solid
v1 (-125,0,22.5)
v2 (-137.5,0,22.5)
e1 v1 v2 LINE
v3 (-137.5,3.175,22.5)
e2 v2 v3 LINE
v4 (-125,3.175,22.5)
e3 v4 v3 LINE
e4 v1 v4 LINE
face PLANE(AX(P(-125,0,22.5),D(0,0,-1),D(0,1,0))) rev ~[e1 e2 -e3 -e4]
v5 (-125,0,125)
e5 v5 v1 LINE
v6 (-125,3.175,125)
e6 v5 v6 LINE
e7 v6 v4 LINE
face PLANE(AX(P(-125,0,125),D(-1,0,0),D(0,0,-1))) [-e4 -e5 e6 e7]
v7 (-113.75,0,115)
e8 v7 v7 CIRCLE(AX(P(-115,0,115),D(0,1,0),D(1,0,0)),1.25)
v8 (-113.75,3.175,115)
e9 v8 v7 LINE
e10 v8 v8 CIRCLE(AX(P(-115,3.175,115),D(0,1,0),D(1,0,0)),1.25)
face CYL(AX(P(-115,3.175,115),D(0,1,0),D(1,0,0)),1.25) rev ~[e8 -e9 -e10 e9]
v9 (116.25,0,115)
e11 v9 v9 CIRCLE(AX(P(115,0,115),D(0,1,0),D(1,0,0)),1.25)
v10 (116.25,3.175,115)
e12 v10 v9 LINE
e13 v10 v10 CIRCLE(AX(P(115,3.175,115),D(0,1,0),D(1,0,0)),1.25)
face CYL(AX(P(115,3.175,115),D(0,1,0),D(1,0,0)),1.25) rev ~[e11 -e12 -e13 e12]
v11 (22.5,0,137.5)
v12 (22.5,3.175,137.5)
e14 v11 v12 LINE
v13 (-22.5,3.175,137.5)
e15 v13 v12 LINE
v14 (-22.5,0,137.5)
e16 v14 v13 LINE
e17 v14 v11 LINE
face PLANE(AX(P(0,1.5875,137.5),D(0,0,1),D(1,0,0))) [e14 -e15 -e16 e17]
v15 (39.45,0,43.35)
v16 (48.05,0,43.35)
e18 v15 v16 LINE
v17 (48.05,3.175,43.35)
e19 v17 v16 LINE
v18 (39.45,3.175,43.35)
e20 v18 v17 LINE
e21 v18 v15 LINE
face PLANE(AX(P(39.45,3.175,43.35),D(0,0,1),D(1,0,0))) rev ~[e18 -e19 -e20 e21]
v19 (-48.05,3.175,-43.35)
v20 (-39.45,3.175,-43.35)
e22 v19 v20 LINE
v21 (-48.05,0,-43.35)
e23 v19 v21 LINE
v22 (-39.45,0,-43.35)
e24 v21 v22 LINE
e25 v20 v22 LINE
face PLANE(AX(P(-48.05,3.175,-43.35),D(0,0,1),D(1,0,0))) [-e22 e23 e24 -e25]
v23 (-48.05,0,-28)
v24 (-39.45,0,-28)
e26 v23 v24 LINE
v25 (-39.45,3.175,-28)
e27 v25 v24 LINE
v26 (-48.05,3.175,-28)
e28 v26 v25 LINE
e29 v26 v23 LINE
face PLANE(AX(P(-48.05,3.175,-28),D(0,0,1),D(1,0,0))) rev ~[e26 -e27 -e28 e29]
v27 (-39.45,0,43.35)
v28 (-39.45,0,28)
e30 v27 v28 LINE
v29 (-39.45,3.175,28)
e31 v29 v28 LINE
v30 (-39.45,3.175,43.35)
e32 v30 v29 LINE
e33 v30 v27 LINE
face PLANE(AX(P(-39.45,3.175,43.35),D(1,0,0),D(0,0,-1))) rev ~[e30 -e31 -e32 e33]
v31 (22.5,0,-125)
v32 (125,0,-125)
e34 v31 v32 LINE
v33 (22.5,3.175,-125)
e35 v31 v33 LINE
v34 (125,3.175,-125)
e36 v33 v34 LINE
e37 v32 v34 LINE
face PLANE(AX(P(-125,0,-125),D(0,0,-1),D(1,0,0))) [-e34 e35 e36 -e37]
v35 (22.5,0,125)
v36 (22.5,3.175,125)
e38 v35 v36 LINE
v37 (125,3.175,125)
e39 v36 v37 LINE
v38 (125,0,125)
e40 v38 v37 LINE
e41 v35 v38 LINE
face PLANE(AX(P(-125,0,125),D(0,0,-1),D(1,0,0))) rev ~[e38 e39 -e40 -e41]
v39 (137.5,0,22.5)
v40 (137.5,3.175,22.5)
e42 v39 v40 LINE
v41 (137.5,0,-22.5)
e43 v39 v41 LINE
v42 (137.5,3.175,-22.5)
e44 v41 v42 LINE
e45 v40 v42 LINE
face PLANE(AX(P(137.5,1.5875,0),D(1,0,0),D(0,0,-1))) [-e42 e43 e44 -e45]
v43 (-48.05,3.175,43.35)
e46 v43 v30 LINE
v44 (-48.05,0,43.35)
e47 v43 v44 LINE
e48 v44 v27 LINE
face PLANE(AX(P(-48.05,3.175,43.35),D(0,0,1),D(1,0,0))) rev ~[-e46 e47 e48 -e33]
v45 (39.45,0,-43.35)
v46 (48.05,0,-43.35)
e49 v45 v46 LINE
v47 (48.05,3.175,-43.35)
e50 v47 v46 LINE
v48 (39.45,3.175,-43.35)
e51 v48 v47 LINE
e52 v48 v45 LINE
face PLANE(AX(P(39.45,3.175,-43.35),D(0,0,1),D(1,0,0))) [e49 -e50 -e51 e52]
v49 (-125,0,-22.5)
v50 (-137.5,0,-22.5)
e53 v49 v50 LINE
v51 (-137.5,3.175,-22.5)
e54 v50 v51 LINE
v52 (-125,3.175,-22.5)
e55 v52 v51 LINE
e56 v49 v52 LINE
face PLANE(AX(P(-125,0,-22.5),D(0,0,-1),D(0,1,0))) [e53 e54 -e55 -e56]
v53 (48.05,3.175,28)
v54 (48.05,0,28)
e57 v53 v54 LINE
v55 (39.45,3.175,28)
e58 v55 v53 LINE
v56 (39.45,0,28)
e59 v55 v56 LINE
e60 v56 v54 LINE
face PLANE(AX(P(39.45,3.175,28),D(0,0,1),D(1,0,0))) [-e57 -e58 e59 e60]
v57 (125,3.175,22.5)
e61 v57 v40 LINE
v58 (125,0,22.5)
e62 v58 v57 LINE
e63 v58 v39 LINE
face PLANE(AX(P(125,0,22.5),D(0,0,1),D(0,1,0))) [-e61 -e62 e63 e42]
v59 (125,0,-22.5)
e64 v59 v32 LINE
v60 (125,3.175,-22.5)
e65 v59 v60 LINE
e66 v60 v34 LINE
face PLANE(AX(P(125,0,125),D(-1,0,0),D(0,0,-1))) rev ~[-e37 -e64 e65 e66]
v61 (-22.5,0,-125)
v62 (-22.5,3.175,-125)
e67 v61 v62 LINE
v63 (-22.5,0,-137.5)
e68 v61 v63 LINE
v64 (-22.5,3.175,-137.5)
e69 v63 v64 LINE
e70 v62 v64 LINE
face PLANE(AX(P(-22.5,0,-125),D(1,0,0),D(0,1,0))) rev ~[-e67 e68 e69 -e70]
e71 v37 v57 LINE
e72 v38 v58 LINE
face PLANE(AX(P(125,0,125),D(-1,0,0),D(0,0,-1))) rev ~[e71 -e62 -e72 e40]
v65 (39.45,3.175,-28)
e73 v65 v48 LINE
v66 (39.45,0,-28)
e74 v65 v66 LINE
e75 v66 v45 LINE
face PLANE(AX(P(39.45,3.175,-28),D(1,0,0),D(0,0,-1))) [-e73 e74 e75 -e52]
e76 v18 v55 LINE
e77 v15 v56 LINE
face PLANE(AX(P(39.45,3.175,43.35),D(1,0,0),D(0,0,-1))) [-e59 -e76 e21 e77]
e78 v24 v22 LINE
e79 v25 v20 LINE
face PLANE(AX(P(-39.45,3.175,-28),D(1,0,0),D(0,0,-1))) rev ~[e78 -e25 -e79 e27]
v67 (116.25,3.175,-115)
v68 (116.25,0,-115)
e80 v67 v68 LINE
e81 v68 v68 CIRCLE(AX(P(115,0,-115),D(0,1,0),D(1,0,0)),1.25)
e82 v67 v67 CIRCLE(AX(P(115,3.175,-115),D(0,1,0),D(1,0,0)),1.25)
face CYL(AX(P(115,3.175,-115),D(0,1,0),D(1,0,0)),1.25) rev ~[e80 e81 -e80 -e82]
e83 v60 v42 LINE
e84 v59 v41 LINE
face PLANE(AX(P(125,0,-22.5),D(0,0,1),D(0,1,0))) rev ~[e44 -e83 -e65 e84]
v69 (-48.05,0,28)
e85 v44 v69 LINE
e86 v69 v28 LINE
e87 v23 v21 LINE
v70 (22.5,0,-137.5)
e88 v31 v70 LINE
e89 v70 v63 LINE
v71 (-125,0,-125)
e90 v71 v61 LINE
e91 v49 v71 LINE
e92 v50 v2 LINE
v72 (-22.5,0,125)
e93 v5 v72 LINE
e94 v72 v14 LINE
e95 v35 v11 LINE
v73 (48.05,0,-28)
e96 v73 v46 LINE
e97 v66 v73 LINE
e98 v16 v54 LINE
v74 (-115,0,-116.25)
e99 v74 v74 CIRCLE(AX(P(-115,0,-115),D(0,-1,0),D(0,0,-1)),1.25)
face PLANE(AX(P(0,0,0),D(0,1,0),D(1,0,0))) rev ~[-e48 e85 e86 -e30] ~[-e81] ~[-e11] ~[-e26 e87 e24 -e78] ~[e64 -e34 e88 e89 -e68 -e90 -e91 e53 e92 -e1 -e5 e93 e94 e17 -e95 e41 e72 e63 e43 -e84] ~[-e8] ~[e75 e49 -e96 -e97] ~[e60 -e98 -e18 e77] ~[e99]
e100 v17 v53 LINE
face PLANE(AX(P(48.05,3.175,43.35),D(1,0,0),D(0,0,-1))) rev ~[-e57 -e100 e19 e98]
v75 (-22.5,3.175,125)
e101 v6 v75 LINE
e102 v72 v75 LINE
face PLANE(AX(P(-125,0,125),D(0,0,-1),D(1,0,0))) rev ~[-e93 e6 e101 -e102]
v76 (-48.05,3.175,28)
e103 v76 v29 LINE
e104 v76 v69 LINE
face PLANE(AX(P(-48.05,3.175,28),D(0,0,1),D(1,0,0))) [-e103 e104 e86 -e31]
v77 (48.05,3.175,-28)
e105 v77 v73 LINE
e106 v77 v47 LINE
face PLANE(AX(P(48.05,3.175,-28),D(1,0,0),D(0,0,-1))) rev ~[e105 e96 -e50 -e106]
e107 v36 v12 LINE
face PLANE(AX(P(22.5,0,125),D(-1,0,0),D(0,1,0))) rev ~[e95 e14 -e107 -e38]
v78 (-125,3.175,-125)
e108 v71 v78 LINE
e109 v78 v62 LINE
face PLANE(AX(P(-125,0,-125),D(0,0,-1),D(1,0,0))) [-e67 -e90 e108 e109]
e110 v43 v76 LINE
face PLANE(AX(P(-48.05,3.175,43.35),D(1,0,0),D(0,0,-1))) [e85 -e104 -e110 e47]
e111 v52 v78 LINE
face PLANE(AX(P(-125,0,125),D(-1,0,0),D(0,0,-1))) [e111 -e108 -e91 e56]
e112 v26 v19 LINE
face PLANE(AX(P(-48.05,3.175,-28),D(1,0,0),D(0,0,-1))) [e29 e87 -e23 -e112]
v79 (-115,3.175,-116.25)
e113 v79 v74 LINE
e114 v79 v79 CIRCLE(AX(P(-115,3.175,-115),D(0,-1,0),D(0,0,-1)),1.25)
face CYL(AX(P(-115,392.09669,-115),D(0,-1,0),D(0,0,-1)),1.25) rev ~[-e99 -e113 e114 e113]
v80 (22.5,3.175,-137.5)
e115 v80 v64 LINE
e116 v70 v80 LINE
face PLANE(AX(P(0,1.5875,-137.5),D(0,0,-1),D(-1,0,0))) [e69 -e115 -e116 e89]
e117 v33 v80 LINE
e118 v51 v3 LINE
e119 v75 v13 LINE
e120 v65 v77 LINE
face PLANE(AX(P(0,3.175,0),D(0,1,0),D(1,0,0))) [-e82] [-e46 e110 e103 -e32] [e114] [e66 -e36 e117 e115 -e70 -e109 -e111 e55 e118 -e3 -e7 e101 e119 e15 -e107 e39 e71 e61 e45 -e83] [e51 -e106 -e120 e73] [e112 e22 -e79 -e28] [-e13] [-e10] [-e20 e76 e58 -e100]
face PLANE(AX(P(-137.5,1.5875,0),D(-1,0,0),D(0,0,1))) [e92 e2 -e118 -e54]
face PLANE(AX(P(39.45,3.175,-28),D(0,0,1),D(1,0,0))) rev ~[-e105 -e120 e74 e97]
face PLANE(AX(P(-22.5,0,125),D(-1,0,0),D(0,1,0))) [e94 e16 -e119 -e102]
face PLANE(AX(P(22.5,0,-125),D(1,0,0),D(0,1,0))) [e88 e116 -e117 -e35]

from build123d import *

# Parameters (mm, degrees)
SKETCH2_W           = 250
SKETCH2_H           = 250
BOSS_EXTRUDE1_DEPTH = 3.175
SKETCH3_W           = 8.6
SKETCH3_H           = 15.35
CUT_EXTRUDE1_DEPTH  = 10
SKETCH10_W          = 45
SKETCH10_H          = 3.175
BOSS_EXTRUDE2_DEPTH = 12.5
SKETCH11_W          = 45
SKETCH11_H          = 3.175
BOSS_EXTRUDE3_DEPTH = 12.5
SKETCH13_W          = 45
SKETCH13_H          = 3.175
BOSS_EXTRUDE4_DEPTH = 12.5
SKETCH14_W          = 45
SKETCH14_H          = 3.175
BOSS_EXTRUDE5_DEPTH = 12.5
M3_TAPPED_HOLE1_D   = 2.5
SKETCH21_R          = 1.25
CUT_EXTRUDE2_DEPTH  = 10


with BuildPart() as part:
    # Sketch2 → Boss-Extrude1 (new body)
    with BuildSketch(Plane(origin=(0, 0, 0), x_dir=(1, 0, 0), z_dir=(0, 1, 0))):
        Rectangle(SKETCH2_W, SKETCH2_H)
    extrude(amount=BOSS_EXTRUDE1_DEPTH)

    # Sketch3 → Cut-Extrude1 (cut)
    with BuildSketch(Plane(origin=(0, 3.175, 0), x_dir=(1, 0, 0), z_dir=(0, 1, 0))):
        with Locations((-43.75, 35.675)):
            Rectangle(SKETCH3_W, SKETCH3_H)
        with Locations((-43.75, -35.675)):
            Rectangle(SKETCH3_W, SKETCH3_H)
        with Locations((43.75, -35.675)):
            Rectangle(SKETCH3_W, SKETCH3_H)
        with Locations((43.75, 35.675)):
            Rectangle(SKETCH3_W, SKETCH3_H)
    extrude(amount=-CUT_EXTRUDE1_DEPTH, mode=Mode.SUBTRACT)

    # Sketch10 → Boss-Extrude2 (add)
    with BuildSketch(Plane(origin=(0, 0, -125), x_dir=(-1, 0, 0), z_dir=(0, 0, -1))):
        with Locations((0, 1.5875)):
            Rectangle(SKETCH10_W, SKETCH10_H)
    extrude(amount=BOSS_EXTRUDE2_DEPTH)

    # Sketch11 → Boss-Extrude3 (add)
    with BuildSketch(Plane.ZY.offset(125)):
        with Locations((0, 1.5875)):
            Rectangle(SKETCH11_W, SKETCH11_H)
    extrude(amount=BOSS_EXTRUDE3_DEPTH)

    # Sketch13 → Boss-Extrude4 (add)
    with BuildSketch(Plane.XY.offset(125)):
        with Locations((0, 1.5875)):
            Rectangle(SKETCH13_W, SKETCH13_H)
    extrude(amount=BOSS_EXTRUDE4_DEPTH)

    # Sketch14 → Boss-Extrude5 (add)
    with BuildSketch(Plane(origin=(125, 0, 0), x_dir=(0, 0, -1), z_dir=(1, 0, 0))):
        with Locations((0, 1.5875)):
            Rectangle(SKETCH14_W, SKETCH14_H)
    extrude(amount=BOSS_EXTRUDE5_DEPTH)

    # M3 Tapped Hole1 (through all)
    with Locations(Plane(origin=(-115, 3.175, -115), x_dir=(0, 0, 1), z_dir=(0, 1, 0))):
        with Locations((0, 0)):
            Hole(M3_TAPPED_HOLE1_D / 2)

    # Sketch21 → Cut-Extrude2 (cut)
    with BuildSketch(Plane(origin=(0, 3.175, 0), x_dir=(1, 0, 0), z_dir=(0, 1, 0))):
        with Locations((115, 115)):
            Circle(SKETCH21_R)
        with Locations((115, -115)):
            Circle(SKETCH21_R)
        with Locations((-115, -115)):
            Circle(SKETCH21_R)
    extrude(amount=-CUT_EXTRUDE2_DEPTH, mode=Mode.SUBTRACT)


solid = part.part
